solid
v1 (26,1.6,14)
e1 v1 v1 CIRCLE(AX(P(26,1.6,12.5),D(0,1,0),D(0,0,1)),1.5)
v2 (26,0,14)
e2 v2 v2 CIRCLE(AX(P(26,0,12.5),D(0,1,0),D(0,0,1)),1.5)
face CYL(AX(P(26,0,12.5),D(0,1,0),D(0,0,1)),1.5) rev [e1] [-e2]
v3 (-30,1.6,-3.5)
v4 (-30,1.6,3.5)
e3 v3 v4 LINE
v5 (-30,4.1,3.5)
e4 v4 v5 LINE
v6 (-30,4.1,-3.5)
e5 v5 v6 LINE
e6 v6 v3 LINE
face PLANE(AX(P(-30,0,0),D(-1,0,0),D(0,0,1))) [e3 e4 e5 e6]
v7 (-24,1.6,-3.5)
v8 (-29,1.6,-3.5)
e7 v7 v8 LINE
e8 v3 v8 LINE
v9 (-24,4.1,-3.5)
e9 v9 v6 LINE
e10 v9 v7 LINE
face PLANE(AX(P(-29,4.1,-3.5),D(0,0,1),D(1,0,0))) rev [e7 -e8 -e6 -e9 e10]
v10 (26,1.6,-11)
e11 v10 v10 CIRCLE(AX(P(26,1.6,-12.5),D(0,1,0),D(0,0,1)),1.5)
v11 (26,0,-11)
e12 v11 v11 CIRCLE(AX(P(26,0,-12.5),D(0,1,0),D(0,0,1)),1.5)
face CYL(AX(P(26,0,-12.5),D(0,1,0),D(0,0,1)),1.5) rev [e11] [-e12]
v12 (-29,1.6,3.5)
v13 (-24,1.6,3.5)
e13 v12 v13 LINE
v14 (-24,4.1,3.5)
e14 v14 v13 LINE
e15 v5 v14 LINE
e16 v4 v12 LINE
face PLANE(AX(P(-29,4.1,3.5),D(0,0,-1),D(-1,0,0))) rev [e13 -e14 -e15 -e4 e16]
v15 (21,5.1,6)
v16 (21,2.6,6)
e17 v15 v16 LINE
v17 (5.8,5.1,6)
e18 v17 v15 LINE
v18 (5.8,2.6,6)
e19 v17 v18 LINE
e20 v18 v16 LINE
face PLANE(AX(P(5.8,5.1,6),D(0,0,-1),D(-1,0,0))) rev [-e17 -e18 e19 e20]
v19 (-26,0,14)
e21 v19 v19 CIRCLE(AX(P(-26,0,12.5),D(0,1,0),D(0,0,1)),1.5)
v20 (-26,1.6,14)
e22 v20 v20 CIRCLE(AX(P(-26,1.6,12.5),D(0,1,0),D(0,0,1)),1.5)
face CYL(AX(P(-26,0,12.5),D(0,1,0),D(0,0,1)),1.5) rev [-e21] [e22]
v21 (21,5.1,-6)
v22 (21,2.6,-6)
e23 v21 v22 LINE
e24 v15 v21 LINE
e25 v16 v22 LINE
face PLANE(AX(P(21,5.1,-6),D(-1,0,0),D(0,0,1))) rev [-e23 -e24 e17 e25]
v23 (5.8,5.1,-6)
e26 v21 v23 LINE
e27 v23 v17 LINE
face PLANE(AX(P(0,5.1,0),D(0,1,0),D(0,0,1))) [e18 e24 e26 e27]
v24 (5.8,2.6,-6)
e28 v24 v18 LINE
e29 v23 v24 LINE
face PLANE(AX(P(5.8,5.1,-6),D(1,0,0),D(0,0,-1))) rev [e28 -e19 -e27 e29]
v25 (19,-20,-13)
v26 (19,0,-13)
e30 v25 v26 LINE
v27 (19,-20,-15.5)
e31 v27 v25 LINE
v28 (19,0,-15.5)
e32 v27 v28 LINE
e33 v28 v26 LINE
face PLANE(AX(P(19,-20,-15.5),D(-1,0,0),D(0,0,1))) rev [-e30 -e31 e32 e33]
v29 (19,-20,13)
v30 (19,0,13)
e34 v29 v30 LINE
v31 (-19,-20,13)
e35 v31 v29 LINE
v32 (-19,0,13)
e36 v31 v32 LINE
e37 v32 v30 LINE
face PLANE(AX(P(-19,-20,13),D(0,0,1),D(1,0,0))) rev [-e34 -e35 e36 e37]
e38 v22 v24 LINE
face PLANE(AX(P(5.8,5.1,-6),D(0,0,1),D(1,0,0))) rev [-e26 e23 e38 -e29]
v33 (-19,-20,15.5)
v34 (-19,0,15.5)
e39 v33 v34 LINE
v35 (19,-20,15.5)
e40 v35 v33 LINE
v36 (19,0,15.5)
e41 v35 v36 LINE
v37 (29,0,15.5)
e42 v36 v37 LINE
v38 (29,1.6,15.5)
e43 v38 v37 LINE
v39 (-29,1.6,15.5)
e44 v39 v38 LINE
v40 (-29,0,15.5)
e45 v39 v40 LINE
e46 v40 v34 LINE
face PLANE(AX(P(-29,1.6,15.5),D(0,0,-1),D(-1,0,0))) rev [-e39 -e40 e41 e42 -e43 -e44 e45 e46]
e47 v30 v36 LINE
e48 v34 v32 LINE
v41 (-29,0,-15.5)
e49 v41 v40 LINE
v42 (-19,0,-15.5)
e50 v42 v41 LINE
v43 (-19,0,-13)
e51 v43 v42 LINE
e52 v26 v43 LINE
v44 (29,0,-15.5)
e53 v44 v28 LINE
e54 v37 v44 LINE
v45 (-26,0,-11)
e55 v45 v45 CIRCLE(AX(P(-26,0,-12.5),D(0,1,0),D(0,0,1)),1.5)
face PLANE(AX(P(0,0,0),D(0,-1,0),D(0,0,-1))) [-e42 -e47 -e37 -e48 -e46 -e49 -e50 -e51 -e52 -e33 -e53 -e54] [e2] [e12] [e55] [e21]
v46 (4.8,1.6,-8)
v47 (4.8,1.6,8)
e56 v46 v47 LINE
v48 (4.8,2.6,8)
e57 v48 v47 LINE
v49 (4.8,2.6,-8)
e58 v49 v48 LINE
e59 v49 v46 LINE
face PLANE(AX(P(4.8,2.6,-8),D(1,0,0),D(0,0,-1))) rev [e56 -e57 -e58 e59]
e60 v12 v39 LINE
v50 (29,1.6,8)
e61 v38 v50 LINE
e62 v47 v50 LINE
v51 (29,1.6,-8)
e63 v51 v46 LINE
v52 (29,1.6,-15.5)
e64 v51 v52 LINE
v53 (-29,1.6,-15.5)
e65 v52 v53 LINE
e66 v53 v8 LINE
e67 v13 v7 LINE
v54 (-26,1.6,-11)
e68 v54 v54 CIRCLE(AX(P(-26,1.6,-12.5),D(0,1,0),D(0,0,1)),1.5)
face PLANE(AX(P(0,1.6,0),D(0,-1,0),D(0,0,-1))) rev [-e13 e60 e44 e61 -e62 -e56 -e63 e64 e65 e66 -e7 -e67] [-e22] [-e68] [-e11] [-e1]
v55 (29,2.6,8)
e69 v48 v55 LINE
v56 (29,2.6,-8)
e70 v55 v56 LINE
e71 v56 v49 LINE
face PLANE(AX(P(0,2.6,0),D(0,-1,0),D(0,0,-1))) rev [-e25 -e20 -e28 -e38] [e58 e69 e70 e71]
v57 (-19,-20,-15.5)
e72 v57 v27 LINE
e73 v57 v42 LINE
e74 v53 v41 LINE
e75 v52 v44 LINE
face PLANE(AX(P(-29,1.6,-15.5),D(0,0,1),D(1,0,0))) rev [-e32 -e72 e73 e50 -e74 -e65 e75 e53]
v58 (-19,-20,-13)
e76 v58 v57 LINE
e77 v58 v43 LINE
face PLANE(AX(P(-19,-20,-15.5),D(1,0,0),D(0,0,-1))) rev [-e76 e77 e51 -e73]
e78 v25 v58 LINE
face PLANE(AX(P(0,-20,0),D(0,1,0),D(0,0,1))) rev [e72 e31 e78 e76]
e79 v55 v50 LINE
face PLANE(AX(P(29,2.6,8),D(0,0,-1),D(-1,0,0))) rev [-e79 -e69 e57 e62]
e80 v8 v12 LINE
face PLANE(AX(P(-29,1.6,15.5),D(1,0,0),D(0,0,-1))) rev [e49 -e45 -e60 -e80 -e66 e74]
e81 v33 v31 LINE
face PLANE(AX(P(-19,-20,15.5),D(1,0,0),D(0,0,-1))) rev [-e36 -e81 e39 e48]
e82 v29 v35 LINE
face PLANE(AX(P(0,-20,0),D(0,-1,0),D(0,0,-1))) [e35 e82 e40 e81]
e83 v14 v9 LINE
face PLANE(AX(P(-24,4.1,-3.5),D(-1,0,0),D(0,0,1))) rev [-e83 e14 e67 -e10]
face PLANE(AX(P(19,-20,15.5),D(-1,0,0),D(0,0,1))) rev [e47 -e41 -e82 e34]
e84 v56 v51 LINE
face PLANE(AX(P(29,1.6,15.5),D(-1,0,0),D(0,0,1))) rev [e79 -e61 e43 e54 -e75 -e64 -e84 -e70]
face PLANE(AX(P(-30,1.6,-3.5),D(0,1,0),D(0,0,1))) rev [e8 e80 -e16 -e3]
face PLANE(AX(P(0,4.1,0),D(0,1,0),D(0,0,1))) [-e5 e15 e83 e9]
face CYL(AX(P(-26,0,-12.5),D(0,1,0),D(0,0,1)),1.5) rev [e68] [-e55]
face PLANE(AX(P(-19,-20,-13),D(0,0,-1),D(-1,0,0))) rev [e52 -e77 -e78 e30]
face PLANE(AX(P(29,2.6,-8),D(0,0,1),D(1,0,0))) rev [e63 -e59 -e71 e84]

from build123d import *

# Parameters (mm, degrees)
SKETCH1_W          = 58
SKETCH1_H          = 31
CIRCUIT_DEPTH      = 1.6
SKETCH2_W          = 24.2
SKETCH2_H          = 16
ESP_PCB_DEPTH      = 1
SKETCH3_W          = 15.2
SKETCH3_H          = 12
ESP_CHIP_DEPTH     = 2.5
SKETCH4_W          = 5
SKETCH4_H          = 7
PCB_HOLES_DEPTH    = 2.5
SKETCH5_R          = 1.5
CUT_EXTRUDE1_DEPTH = 34.068111528
SKETCH6_W          = 7
SKETCH6_H          = 2.5
USB_DEPTH          = 1
SKETCH7_W          = 38
SKETCH7_H          = 2.5
PINS_DEPTH         = 20


with BuildPart() as part:
    # Sketch1 → CIRCUIT (new body)
    with BuildSketch(Plane(origin=(0, 0, 0), x_dir=(1, 0, 0), z_dir=(0, 1, 0))):
        Rectangle(SKETCH1_W, SKETCH1_H)
    extrude(amount=CIRCUIT_DEPTH)

    # Sketch2 → ESP_PCB (add)
    with BuildSketch(Plane(origin=(0, 1.6, 0), x_dir=(1, 0, 0), z_dir=(0, 1, 0))):
        with Locations((16.9, 0)):
            Rectangle(SKETCH2_W, SKETCH2_H)
    extrude(amount=ESP_PCB_DEPTH)

    # Sketch3 → ESP_CHIP (add)
    with BuildSketch(Plane(origin=(0, 2.6, 0), x_dir=(1, 0, 0), z_dir=(0, 1, 0))):
        with Locations((13.4, 0)):
            Rectangle(SKETCH3_W, SKETCH3_H)
    extrude(amount=ESP_CHIP_DEPTH)

    # Sketch4 → PCB_HOLES (add)
    with BuildSketch(Plane(origin=(0, 1.6, 0), x_dir=(1, 0, 0), z_dir=(0, 1, 0))):
        with Locations((-26.5, 0)):
            Rectangle(SKETCH4_W, SKETCH4_H)
    extrude(amount=PCB_HOLES_DEPTH)

    # Sketch5 → Cut-Extrude1 (cut, through all)
    with BuildSketch(Plane(origin=(0, 1.6, 0), x_dir=(1, 0, 0), z_dir=(0, 1, 0))):
        with Locations(Location((-26, 12.5, 0), (0, 0, 270))):
            Circle(SKETCH5_R)
        with Locations(Location((-26, -12.5, 0), (0, 0, 270))):
            Circle(SKETCH5_R)
        with Locations(Location((26, 12.5, 0), (0, 0, 270))):
            Circle(SKETCH5_R)
        with Locations(Location((26, -12.5, 0), (0, 0, 270))):
            Circle(SKETCH5_R)
    extrude(amount=-CUT_EXTRUDE1_DEPTH, mode=Mode.SUBTRACT)

    # Sketch6 → USB (add)
    with BuildSketch(Plane.ZY.offset(29)):
        with Locations((0, 2.85)):
            Rectangle(SKETCH6_W, SKETCH6_H)
    extrude(amount=USB_DEPTH)

    # Sketch7 → PINS (add)
    with BuildSketch(Plane.XZ):
        with Locations((0, 14.25)):
            Rectangle(SKETCH7_W, SKETCH7_H)
        with Locations((0, -14.25)):
            Rectangle(SKETCH7_W, SKETCH7_H)
    extrude(amount=PINS_DEPTH)


solid = part.part
